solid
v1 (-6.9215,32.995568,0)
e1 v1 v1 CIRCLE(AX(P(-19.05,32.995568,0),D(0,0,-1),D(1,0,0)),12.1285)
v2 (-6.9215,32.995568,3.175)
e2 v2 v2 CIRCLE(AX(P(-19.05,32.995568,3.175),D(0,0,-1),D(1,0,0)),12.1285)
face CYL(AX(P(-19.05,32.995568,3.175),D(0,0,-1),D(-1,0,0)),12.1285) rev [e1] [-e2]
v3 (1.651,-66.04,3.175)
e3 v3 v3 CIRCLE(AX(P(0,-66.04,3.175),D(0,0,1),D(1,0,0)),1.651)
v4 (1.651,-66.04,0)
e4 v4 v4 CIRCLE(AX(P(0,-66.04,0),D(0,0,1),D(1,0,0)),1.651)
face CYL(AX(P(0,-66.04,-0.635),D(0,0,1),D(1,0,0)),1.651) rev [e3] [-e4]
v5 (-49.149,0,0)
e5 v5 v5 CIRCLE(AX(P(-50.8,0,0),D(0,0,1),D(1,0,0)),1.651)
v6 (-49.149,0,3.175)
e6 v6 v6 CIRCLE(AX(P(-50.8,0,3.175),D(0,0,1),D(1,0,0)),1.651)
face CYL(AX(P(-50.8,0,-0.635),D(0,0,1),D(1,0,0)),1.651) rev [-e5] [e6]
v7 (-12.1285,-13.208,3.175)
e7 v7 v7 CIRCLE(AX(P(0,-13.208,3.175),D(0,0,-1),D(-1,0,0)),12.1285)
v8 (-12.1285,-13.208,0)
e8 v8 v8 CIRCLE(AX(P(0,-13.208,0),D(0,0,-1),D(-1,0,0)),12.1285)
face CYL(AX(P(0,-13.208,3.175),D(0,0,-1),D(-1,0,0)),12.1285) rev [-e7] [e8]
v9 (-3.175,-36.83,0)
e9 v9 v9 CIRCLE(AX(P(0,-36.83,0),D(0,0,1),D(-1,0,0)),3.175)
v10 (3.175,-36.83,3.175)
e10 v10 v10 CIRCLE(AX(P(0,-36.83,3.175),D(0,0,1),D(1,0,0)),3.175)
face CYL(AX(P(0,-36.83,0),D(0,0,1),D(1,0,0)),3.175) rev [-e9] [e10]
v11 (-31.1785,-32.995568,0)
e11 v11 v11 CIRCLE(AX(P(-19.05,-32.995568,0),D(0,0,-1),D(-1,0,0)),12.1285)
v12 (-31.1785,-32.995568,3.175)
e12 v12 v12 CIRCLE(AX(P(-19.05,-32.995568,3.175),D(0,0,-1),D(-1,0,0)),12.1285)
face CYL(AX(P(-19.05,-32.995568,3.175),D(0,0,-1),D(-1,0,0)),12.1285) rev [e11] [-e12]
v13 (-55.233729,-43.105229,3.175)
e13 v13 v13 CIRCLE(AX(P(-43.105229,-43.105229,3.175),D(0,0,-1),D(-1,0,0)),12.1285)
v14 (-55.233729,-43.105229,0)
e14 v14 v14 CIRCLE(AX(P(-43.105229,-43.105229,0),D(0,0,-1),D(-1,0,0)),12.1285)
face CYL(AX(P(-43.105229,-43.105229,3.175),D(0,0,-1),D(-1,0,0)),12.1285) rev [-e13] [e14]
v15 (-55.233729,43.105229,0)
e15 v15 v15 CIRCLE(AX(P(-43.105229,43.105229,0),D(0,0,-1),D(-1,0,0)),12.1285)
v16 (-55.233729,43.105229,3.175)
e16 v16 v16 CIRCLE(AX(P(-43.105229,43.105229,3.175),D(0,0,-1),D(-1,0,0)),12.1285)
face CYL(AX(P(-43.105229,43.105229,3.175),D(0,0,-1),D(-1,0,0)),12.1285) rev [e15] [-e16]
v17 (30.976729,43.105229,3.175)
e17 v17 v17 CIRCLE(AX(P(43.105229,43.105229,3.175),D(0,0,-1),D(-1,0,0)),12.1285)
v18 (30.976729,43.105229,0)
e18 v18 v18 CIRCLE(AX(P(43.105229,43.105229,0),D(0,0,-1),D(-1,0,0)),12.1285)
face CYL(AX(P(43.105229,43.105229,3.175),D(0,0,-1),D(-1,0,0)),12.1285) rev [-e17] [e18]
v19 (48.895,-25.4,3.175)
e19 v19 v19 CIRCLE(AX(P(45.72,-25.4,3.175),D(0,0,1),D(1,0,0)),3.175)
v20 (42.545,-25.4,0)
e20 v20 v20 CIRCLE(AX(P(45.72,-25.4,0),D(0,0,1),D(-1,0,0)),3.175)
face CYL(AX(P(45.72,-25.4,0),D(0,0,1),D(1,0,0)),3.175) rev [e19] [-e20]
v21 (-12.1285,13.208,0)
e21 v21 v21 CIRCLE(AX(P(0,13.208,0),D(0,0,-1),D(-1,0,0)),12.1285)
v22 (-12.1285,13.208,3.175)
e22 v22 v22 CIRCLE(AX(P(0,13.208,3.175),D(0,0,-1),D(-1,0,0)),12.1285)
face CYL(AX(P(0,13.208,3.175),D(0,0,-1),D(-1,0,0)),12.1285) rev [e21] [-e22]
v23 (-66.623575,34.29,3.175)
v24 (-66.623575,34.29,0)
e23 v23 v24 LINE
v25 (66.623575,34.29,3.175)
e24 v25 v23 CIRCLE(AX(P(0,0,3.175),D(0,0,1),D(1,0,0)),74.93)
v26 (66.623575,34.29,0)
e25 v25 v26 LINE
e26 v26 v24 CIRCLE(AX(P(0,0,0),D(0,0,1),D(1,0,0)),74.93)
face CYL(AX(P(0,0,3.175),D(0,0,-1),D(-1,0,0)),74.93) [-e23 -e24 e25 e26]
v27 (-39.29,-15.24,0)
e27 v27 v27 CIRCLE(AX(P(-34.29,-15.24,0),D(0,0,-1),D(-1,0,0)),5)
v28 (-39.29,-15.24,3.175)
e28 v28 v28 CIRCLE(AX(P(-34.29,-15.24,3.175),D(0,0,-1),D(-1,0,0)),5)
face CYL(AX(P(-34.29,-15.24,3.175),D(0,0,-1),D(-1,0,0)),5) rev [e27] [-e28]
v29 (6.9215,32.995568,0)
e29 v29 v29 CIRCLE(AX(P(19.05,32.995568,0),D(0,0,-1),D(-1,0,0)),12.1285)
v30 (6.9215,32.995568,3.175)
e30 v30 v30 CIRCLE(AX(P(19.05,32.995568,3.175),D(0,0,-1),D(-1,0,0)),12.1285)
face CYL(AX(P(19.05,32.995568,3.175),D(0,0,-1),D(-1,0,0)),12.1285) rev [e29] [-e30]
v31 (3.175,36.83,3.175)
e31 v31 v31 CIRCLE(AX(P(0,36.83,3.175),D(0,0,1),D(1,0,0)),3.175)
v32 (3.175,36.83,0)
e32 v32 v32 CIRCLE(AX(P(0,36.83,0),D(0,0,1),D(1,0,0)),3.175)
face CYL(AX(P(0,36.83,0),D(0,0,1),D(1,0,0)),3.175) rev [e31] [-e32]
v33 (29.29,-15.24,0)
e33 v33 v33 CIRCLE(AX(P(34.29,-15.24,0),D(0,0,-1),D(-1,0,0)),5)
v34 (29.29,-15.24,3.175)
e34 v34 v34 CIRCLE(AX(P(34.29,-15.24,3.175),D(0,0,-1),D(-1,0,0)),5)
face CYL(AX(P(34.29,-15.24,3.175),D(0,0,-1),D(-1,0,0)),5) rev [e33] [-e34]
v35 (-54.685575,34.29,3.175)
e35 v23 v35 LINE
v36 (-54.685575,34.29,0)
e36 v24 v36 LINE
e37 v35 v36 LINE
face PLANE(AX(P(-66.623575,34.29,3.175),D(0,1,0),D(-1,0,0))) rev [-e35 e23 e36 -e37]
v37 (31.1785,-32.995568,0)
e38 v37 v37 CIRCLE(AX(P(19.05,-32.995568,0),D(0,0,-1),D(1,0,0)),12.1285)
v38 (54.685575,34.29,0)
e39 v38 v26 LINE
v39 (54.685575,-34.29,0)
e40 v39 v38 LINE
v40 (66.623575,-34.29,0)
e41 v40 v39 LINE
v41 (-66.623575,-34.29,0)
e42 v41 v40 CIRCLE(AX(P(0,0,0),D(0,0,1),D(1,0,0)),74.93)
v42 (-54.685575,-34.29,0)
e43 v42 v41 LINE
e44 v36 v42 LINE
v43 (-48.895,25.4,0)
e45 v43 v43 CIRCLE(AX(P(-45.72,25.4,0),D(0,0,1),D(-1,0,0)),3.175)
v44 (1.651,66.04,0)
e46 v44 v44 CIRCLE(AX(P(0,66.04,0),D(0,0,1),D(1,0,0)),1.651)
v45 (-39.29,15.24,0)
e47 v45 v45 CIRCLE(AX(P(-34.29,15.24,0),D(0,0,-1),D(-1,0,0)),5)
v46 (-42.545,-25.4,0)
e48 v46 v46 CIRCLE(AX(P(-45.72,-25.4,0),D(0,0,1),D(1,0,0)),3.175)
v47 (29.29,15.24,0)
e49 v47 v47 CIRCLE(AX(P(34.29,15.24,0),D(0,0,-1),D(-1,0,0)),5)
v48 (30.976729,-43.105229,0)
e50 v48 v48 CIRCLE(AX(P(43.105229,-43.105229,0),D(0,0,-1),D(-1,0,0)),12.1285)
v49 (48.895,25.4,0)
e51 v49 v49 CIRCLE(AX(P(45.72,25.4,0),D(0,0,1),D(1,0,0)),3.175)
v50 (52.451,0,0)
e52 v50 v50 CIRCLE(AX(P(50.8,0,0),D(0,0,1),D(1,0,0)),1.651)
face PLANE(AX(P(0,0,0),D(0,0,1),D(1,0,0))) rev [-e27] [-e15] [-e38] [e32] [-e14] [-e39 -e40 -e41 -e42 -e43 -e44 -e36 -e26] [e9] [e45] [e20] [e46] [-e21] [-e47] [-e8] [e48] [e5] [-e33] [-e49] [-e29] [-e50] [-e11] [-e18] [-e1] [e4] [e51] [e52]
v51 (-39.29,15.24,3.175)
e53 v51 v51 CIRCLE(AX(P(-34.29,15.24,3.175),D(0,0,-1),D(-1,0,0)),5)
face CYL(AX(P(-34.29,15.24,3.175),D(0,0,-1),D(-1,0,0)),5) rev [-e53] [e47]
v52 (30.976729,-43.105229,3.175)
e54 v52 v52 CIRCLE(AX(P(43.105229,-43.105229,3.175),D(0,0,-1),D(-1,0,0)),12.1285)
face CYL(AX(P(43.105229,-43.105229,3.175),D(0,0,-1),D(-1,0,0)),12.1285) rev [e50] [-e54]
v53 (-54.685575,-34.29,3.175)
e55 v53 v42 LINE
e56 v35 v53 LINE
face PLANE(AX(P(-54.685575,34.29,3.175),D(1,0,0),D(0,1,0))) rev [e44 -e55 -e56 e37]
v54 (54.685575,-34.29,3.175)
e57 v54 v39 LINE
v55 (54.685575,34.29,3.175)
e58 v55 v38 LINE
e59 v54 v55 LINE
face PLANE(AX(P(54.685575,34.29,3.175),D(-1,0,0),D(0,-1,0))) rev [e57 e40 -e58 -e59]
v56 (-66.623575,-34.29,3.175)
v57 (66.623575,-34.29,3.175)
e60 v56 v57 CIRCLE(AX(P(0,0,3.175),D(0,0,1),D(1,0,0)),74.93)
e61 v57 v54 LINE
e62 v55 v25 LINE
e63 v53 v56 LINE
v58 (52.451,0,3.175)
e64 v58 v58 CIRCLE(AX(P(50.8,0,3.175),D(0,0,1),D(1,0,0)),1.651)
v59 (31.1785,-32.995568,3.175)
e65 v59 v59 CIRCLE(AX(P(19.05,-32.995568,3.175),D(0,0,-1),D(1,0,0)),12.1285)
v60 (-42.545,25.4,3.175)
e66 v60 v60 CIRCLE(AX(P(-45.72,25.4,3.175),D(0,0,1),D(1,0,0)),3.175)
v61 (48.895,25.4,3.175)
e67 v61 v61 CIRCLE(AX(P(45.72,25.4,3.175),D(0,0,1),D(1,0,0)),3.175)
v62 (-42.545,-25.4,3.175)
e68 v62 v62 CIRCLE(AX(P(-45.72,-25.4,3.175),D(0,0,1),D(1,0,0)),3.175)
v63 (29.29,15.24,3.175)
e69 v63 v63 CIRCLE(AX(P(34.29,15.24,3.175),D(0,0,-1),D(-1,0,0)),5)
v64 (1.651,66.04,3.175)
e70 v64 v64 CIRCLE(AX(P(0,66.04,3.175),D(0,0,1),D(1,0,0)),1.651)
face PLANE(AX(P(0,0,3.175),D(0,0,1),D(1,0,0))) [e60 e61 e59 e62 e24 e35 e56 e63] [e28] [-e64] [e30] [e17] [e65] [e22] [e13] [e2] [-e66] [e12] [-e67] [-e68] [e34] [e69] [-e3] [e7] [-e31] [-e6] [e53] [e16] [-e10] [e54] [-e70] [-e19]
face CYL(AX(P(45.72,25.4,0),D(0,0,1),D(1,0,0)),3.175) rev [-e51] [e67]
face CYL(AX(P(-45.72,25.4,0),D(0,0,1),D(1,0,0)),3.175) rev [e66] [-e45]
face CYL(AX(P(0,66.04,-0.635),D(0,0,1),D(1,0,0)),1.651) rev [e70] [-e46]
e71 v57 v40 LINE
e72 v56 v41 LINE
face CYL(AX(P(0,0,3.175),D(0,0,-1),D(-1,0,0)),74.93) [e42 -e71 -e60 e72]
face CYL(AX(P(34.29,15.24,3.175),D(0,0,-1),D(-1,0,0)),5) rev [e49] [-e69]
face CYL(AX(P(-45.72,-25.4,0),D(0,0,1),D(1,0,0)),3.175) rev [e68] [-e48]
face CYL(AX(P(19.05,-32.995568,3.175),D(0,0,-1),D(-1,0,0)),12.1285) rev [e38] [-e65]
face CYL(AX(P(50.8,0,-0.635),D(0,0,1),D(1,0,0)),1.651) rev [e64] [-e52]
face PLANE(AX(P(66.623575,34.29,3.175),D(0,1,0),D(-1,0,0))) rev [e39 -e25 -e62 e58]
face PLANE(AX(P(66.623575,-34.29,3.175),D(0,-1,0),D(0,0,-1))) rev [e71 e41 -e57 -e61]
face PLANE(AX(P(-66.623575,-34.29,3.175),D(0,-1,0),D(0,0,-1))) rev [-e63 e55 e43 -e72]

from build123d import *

# Parameters (mm, degrees)
SKETCH1_R               = 1.651
BOSS_EXTRUDE2_DEPTH     = 3.175
SKETCH3_R               = 12.1285
CUT_EXTRUDE2_DEPTH      = 4.175
SKETCH4_W               = 37.082318314
SKETCH4_H               = 34.047903563
SKETCH4_W_2             = 37.024578492
SKETCH4_H_2             = 32.488734362
BOSS_EXTRUDE3_DEPTH     = 3.175
SKETCH5_R               = 5
CUT_EXTRUDE3_DEPTH      = 4.175
SKETCH6_R               = 3.175
CUT_EXTRUDE4_DEPTH      = 1
CUT_EXTRUDE4_DEPTH_BACK = 4.175
SKETCH7_R               = 1.651
CUT_EXTRUDE5_DEPTH      = 16.51


with BuildPart() as part:
    # Sketch1 → Boss-Extrude2 (new body)
    with BuildSketch(Plane.XY):
        with BuildLine():
            Line((-66.623575407, 34.29), (-54.685575407, 34.29))
            Line((-54.685575407, 34.29), (-54.685575407, -34.29))
            Line((-54.685575407, -34.29), (-66.623575407, -34.29))
            ThreePointArc((-66.623575407, -34.29), (0, -74.93), (66.623575407, -34.29))
            Line((66.623575407, -34.29), (54.685575407, -34.29))
            Line((54.685575407, -34.29), (54.685575407, 34.29))
            Line((54.685575407, 34.29), (66.623575407, 34.29))
            ThreePointArc((66.623575407, 34.29), (0, 74.93), (-66.623575407, 34.29))
        make_face()
        with Locations((-45.466, 11.049)):
            Circle(SKETCH1_R, mode=Mode.SUBTRACT)
        with Locations((-20.067270032, 10.795)):
            Circle(SKETCH1_R, mode=Mode.SUBTRACT)
        with Locations((-20.067270032, -10.795)):
            Circle(SKETCH1_R, mode=Mode.SUBTRACT)
        with Locations((-45.466, -11.049)):
            Circle(SKETCH1_R, mode=Mode.SUBTRACT)
        with Locations((45.466, -11.049)):
            Circle(SKETCH1_R, mode=Mode.SUBTRACT)
        with Locations((20.067270032, -10.795)):
            Circle(SKETCH1_R, mode=Mode.SUBTRACT)
        with Locations((20.067270032, 10.795)):
            Circle(SKETCH1_R, mode=Mode.SUBTRACT)
        with Locations((45.466, 11.049)):
            Circle(SKETCH1_R, mode=Mode.SUBTRACT)
    extrude(amount=BOSS_EXTRUDE2_DEPTH)

    # Sketch3 → Cut-Extrude2 (cut, through all)
    with BuildSketch(Plane(origin=(0, 0, 0), x_dir=(-1, 0, 0), z_dir=(0, 0, -1))):
        with Locations((0, -13.208)):
            Circle(SKETCH3_R)
        with Locations((0, 13.208)):
            Circle(SKETCH3_R)
        with Locations((-43.105229381, -43.105229381)):
            Circle(SKETCH3_R)
        with Locations((19.05, -32.995567884)):
            Circle(SKETCH3_R)
        with Locations((19.05, 32.995567884)):
            Circle(SKETCH3_R)
        with Locations((-43.105229381, 43.105229381)):
            Circle(SKETCH3_R)
        with Locations((43.105229381, 43.105229381)):
            Circle(SKETCH3_R)
        with Locations((-19.05, 32.995567884)):
            Circle(SKETCH3_R)
        with Locations((-19.05, -32.995567884)):
            Circle(SKETCH3_R)
        with Locations((43.105229381, -43.105229381)):
            Circle(SKETCH3_R)
    extrude(amount=-CUT_EXTRUDE2_DEPTH, mode=Mode.SUBTRACT)

    # Sketch4 → Boss-Extrude3 (add)
    with BuildSketch(Plane(origin=(0, 0, 0), x_dir=(-1, 0, 0), z_dir=(0, 0, -1))):
        with Locations((32.991199211, -1.421154886)):
            Rectangle(SKETCH4_W, SKETCH4_H)
        with Locations((-34.085074962, -0.641570285)):
            Rectangle(SKETCH4_W_2, SKETCH4_H_2)
    extrude(amount=-BOSS_EXTRUDE3_DEPTH)

    # Sketch5 → Cut-Extrude3 (cut, through all)
    with BuildSketch(Plane(origin=(0, 0, 0), x_dir=(-1, 0, 0), z_dir=(0, 0, -1))):
        with Locations((34.29, -15.24)):
            Circle(SKETCH5_R)
        with Locations((-34.29, -15.24)):
            Circle(SKETCH5_R)
        with Locations((34.29, 15.24)):
            Circle(SKETCH5_R)
        with Locations((-34.29, 15.24)):
            Circle(SKETCH5_R)
    extrude(amount=-CUT_EXTRUDE3_DEPTH, mode=Mode.SUBTRACT)

    # Sketch6 → Cut-Extrude4 (cut, two sides)
    with BuildSketch(Plane(origin=(31.313436391, -132.613959999, 3.175), x_dir=(0, -1, 0), z_dir=(0, 0, 1))) as cut_extrude4_sk:
        with Locations((-158.013959999, 14.406563609)):
            Circle(SKETCH6_R)
        with Locations((-169.443959999, -31.313436391)):
            Circle(SKETCH6_R)
        with Locations((-158.013959999, -77.033436391)):
            Circle(SKETCH6_R)
        with Locations((-107.213959999, -77.033436391)):
            Circle(SKETCH6_R)
        with Locations((-95.783959999, -31.313436391)):
            Circle(SKETCH6_R)
        with Locations((-107.213959999, 14.406563609)):
            Circle(SKETCH6_R)
    extrude(amount=CUT_EXTRUDE4_DEPTH, mode=Mode.SUBTRACT)
    extrude(cut_extrude4_sk.sketch, amount=-CUT_EXTRUDE4_DEPTH_BACK, mode=Mode.SUBTRACT)

    # Sketch7 → Cut-Extrude5 (cut)
    with BuildSketch(Plane(origin=(31.313436391, -132.613959999, 15.875), x_dir=(0, -1, 0), z_dir=(0, 0, 1))):
        with Locations((-198.653959999, -31.313436391)):
            Circle(SKETCH7_R)
        with Locations((-66.573959999, -31.313436391)):
            Circle(SKETCH7_R)
        with Locations((-132.613959999, -82.113436391)):
            Circle(SKETCH7_R)
        with Locations((-132.613959999, 19.486563609)):
            Circle(SKETCH7_R)
    extrude(amount=-CUT_EXTRUDE5_DEPTH, mode=Mode.SUBTRACT)


solid = part.part
